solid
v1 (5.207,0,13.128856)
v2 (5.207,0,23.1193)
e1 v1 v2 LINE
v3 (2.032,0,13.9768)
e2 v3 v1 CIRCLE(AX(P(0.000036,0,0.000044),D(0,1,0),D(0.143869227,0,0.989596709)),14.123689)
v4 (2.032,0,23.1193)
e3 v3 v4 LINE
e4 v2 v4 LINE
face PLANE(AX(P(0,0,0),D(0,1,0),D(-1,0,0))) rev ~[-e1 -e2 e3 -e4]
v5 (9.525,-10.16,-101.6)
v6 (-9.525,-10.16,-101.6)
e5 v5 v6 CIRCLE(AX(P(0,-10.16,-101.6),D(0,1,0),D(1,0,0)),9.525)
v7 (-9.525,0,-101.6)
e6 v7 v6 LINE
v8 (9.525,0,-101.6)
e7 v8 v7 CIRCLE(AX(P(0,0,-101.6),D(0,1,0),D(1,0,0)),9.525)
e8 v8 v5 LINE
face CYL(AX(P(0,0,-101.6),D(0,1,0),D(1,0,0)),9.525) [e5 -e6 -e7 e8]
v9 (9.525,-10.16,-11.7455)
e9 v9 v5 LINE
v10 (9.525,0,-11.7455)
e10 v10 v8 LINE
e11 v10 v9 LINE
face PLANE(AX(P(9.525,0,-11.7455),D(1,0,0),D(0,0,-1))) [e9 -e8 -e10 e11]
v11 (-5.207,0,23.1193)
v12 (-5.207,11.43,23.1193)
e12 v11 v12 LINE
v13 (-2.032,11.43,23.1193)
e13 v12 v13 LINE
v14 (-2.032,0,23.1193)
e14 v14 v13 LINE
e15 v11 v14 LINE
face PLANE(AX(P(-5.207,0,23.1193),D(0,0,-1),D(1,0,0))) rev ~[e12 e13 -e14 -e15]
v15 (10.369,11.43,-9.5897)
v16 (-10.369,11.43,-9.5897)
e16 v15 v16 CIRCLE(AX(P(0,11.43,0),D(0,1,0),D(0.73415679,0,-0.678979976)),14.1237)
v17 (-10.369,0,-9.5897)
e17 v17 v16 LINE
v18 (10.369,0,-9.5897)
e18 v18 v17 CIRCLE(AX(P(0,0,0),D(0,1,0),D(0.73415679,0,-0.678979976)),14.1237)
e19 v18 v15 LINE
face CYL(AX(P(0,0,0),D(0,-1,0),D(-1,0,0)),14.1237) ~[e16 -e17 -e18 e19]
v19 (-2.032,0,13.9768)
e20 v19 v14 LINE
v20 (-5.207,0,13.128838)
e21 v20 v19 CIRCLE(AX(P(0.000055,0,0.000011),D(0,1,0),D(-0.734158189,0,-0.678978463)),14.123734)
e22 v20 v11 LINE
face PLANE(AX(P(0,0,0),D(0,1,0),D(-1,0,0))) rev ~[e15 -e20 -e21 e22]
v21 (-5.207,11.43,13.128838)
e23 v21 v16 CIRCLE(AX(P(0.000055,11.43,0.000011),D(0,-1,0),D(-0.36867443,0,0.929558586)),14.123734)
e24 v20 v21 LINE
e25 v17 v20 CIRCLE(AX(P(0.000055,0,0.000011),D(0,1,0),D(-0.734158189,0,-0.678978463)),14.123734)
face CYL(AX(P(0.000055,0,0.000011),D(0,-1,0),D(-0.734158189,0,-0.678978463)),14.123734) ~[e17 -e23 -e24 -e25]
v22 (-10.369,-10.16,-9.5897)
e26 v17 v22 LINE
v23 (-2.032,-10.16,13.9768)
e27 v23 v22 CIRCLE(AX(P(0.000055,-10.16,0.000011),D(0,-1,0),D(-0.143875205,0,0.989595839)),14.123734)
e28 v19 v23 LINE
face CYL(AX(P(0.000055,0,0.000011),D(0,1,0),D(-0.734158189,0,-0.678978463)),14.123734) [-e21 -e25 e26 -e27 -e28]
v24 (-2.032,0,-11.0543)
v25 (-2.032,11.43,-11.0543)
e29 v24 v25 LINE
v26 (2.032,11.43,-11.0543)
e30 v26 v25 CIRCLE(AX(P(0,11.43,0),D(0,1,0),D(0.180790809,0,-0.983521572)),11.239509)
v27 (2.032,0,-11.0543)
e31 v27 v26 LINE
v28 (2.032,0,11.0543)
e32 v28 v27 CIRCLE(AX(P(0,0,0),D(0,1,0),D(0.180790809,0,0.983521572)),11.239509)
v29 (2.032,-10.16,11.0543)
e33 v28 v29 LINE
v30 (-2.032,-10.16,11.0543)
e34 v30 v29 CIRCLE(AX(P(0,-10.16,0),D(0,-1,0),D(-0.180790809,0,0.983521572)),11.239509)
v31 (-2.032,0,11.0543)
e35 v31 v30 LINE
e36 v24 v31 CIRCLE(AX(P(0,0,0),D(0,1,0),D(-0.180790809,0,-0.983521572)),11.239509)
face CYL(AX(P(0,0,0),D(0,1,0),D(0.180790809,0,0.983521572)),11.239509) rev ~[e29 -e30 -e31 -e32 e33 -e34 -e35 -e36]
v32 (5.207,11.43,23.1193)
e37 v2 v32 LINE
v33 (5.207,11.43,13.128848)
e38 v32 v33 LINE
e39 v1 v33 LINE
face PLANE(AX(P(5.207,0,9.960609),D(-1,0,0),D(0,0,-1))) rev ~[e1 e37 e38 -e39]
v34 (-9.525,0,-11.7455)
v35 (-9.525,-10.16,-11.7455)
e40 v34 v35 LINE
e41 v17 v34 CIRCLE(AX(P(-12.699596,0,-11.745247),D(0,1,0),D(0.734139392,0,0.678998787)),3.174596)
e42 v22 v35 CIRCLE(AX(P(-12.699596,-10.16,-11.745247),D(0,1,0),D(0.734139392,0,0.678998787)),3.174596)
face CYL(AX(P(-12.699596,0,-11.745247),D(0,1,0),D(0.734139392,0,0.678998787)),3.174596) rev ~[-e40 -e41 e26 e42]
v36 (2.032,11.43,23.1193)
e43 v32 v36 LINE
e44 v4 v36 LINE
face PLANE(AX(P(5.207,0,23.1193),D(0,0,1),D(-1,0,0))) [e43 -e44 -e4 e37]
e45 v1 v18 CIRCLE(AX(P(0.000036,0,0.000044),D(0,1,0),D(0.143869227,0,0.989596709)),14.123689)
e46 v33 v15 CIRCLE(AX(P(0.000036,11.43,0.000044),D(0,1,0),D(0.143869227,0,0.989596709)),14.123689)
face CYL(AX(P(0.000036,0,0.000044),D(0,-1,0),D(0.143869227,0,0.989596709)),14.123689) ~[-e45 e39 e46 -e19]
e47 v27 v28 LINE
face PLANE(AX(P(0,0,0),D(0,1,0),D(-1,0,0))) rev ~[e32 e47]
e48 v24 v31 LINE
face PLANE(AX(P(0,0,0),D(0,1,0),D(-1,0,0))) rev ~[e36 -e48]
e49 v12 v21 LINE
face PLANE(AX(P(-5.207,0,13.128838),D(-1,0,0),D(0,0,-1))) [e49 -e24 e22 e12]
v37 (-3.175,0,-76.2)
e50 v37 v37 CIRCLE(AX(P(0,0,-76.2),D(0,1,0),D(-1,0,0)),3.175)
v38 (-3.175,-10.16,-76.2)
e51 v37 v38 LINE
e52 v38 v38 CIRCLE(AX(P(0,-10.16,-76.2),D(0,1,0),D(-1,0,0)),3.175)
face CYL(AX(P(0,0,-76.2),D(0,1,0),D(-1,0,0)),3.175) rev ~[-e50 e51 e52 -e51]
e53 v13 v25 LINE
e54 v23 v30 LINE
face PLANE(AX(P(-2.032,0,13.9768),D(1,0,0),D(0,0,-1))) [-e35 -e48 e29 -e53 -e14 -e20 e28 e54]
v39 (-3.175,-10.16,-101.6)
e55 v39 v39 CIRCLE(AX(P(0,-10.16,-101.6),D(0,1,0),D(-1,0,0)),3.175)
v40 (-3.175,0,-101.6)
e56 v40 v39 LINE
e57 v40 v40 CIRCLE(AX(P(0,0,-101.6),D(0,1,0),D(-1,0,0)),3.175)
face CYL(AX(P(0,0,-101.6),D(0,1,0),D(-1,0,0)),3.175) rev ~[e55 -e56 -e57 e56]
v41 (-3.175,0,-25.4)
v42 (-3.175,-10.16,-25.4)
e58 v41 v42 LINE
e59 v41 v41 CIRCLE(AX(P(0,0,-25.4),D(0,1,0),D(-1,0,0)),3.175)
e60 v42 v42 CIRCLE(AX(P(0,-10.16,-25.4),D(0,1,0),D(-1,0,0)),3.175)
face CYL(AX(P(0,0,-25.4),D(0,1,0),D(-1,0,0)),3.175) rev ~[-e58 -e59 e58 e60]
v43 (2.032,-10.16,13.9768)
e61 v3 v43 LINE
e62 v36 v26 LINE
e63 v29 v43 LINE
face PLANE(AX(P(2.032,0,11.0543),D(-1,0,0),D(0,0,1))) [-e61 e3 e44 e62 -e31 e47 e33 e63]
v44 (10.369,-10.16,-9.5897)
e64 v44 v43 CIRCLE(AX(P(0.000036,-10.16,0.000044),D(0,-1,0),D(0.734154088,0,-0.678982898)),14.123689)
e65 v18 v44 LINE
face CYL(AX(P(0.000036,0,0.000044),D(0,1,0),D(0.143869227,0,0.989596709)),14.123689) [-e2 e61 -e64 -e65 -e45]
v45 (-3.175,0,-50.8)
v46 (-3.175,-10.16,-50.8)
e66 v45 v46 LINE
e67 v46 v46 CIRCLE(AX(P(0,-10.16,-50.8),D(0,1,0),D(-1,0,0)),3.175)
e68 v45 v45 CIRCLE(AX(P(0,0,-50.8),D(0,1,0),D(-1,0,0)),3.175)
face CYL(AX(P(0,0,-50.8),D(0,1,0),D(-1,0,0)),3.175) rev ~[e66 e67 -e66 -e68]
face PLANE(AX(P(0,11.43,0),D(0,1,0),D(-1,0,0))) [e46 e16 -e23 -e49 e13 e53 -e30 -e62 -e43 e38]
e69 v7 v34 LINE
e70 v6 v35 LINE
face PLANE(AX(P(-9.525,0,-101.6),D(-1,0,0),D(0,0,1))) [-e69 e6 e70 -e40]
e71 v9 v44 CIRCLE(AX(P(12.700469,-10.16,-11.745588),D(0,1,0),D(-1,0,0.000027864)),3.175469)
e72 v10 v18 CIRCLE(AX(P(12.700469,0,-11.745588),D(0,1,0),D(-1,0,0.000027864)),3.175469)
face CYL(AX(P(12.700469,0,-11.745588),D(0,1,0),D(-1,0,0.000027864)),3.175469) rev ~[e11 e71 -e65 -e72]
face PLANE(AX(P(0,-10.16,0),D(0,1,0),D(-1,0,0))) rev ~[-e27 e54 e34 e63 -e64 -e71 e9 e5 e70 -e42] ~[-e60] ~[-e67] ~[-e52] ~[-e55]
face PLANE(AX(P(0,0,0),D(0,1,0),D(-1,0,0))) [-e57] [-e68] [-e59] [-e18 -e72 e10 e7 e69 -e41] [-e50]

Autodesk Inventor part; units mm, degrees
ref_plane "YZ Plane" through (0, 0, 0) normal (1, 0, 0) x (0, 1, 0)
ref_plane "XZ Plane" through (0, 0, 0) normal (0, 1, 0) x (-1, 0, 0)
ref_plane "XY Plane" through (0, 0, 0) normal (0, 0, 1) x (1, 0, 0)
sketch "Sketch1" plane through (0, 0, 0) normal (0, 1, 0) x (-1, 0, 0)
  arc A0 (-2.032, 11.0543) -> (2.032, 11.0543) centre (0, 0) ccw
  circle A1 centre (0, -25.4) radius 3.175
  circle A2 centre (0, -50.8) radius 3.175
  circle A3 centre (0, -76.2) radius 3.175
  circle A4 centre (0, -101.6) radius 3.175
  arc A5 (-9.525, -101.6) -> (9.525, -101.6) centre (0, -101.6) ccw
  line L0 (9.525, -101.6) -> (9.525, -11.7455)
  line L1 (-9.525, -11.7455) -> (-9.525, -101.6)
  arc A6 (10.369, -9.5897) -> (9.525, -11.7455) centre (12.7, -11.7455) ccw
  arc A7 (-9.525, -11.7455) -> (-10.369, -9.5897) centre (-12.7, -11.7455) ccw
  line L2 (-2.032, 11.0543) -> (-2.032, 13.9768)
  line L3 (2.032, 13.9768) -> (2.032, 11.0543)
  arc A8 (10.369, -9.5897) -> (2.032, 13.9768) centre (0, 0) ccw
  arc A9 (-2.032, 13.9768) -> (-10.369, -9.5897) centre (0, 0) ccw
  line L4 (-2.032, 11.0543) -> (-2.032, 23.1193)
  line L5 (-5.207, 23.1193) -> (-2.032, 23.1193)
  line L6 (-2.032, 23.1193) -> (-5.207, 23.1193)
  line L7 (-5.207, 23.1193) -> (-5.207, -13.1289)
  line L8 (-2.032, 23.1193) -> (-2.032, -13.9768)
  circle A10 centre (0, 0) radius 14.1237
  line L9 (0, 0) -> (0, -11.2395)
  line L10 (2.032, 11.0543) -> (2.032, 23.1193)
  line L11 (5.207, 23.1193) -> (2.032, 23.1193)
  line L12 (2.032, 23.1193) -> (5.207, 23.1193)
  line L13 (5.207, 23.1193) -> (5.207, -13.1289)
  line L14 (2.032, 23.1193) -> (2.032, -13.9768)
  point P0 (9.525, -10.4285)
  point P1 (-9.525, -10.4285)
  point P2 (-5.207, -9.9606)
  point P3 (-2.032, -11.0543)
  point P4 (5.207, -9.9606)
  point P5 (2.032, -11.0543)
  point P6 (5.207, 13.1289)
  point P7 (5.207, 9.9606)
  point P8 (-5.207, 9.9606)
  point P9 (-5.207, 13.1289)
  point P10 (2.032, 11.0543)
  point P11 (2.032, -11.0543)
  dimension "d9" = 6.35
  dimension "d10" = 6.35
  dimension "d11" = 6.35
  dimension "d12" = 3.175
  dimension "d15" = 12.065
  dimension "d16" = 3.175
extrude "Extrusion1" add sketch "Sketch1" against normal blind 10.16 contours A0 L7 A9 L2 | A0 L7 A10 A9 | L8 A10 L7 A0 | A0 L14 A10 L8 | A8 L13 A0 L3 | A10 A6 L0 A5 L1 A7 | A8 A10 L13 A0 | A0 L13 A10 L14
extrude "Extrusion2" add sketch "Sketch1" along normal blind 11.43 contours L8 A0 L7 | A0 L7 A9 L2 | A9 L7 L5 L4 | L8 A10 L7 A0 | A8 L13 A0 L3 | L10 L11 L13 A8 | A0 L13 L14 | A0 L13 A10 L14
extrude "Extrusion3" add sketch "Sketch1" along normal blind 11.43 contours L7 A0 | A0 L7 A10 A9 | A0 L14 A10 L8 | A8 A10 L13 A0 | A0 L13
properties part number "Torque Test Valve Lever"
